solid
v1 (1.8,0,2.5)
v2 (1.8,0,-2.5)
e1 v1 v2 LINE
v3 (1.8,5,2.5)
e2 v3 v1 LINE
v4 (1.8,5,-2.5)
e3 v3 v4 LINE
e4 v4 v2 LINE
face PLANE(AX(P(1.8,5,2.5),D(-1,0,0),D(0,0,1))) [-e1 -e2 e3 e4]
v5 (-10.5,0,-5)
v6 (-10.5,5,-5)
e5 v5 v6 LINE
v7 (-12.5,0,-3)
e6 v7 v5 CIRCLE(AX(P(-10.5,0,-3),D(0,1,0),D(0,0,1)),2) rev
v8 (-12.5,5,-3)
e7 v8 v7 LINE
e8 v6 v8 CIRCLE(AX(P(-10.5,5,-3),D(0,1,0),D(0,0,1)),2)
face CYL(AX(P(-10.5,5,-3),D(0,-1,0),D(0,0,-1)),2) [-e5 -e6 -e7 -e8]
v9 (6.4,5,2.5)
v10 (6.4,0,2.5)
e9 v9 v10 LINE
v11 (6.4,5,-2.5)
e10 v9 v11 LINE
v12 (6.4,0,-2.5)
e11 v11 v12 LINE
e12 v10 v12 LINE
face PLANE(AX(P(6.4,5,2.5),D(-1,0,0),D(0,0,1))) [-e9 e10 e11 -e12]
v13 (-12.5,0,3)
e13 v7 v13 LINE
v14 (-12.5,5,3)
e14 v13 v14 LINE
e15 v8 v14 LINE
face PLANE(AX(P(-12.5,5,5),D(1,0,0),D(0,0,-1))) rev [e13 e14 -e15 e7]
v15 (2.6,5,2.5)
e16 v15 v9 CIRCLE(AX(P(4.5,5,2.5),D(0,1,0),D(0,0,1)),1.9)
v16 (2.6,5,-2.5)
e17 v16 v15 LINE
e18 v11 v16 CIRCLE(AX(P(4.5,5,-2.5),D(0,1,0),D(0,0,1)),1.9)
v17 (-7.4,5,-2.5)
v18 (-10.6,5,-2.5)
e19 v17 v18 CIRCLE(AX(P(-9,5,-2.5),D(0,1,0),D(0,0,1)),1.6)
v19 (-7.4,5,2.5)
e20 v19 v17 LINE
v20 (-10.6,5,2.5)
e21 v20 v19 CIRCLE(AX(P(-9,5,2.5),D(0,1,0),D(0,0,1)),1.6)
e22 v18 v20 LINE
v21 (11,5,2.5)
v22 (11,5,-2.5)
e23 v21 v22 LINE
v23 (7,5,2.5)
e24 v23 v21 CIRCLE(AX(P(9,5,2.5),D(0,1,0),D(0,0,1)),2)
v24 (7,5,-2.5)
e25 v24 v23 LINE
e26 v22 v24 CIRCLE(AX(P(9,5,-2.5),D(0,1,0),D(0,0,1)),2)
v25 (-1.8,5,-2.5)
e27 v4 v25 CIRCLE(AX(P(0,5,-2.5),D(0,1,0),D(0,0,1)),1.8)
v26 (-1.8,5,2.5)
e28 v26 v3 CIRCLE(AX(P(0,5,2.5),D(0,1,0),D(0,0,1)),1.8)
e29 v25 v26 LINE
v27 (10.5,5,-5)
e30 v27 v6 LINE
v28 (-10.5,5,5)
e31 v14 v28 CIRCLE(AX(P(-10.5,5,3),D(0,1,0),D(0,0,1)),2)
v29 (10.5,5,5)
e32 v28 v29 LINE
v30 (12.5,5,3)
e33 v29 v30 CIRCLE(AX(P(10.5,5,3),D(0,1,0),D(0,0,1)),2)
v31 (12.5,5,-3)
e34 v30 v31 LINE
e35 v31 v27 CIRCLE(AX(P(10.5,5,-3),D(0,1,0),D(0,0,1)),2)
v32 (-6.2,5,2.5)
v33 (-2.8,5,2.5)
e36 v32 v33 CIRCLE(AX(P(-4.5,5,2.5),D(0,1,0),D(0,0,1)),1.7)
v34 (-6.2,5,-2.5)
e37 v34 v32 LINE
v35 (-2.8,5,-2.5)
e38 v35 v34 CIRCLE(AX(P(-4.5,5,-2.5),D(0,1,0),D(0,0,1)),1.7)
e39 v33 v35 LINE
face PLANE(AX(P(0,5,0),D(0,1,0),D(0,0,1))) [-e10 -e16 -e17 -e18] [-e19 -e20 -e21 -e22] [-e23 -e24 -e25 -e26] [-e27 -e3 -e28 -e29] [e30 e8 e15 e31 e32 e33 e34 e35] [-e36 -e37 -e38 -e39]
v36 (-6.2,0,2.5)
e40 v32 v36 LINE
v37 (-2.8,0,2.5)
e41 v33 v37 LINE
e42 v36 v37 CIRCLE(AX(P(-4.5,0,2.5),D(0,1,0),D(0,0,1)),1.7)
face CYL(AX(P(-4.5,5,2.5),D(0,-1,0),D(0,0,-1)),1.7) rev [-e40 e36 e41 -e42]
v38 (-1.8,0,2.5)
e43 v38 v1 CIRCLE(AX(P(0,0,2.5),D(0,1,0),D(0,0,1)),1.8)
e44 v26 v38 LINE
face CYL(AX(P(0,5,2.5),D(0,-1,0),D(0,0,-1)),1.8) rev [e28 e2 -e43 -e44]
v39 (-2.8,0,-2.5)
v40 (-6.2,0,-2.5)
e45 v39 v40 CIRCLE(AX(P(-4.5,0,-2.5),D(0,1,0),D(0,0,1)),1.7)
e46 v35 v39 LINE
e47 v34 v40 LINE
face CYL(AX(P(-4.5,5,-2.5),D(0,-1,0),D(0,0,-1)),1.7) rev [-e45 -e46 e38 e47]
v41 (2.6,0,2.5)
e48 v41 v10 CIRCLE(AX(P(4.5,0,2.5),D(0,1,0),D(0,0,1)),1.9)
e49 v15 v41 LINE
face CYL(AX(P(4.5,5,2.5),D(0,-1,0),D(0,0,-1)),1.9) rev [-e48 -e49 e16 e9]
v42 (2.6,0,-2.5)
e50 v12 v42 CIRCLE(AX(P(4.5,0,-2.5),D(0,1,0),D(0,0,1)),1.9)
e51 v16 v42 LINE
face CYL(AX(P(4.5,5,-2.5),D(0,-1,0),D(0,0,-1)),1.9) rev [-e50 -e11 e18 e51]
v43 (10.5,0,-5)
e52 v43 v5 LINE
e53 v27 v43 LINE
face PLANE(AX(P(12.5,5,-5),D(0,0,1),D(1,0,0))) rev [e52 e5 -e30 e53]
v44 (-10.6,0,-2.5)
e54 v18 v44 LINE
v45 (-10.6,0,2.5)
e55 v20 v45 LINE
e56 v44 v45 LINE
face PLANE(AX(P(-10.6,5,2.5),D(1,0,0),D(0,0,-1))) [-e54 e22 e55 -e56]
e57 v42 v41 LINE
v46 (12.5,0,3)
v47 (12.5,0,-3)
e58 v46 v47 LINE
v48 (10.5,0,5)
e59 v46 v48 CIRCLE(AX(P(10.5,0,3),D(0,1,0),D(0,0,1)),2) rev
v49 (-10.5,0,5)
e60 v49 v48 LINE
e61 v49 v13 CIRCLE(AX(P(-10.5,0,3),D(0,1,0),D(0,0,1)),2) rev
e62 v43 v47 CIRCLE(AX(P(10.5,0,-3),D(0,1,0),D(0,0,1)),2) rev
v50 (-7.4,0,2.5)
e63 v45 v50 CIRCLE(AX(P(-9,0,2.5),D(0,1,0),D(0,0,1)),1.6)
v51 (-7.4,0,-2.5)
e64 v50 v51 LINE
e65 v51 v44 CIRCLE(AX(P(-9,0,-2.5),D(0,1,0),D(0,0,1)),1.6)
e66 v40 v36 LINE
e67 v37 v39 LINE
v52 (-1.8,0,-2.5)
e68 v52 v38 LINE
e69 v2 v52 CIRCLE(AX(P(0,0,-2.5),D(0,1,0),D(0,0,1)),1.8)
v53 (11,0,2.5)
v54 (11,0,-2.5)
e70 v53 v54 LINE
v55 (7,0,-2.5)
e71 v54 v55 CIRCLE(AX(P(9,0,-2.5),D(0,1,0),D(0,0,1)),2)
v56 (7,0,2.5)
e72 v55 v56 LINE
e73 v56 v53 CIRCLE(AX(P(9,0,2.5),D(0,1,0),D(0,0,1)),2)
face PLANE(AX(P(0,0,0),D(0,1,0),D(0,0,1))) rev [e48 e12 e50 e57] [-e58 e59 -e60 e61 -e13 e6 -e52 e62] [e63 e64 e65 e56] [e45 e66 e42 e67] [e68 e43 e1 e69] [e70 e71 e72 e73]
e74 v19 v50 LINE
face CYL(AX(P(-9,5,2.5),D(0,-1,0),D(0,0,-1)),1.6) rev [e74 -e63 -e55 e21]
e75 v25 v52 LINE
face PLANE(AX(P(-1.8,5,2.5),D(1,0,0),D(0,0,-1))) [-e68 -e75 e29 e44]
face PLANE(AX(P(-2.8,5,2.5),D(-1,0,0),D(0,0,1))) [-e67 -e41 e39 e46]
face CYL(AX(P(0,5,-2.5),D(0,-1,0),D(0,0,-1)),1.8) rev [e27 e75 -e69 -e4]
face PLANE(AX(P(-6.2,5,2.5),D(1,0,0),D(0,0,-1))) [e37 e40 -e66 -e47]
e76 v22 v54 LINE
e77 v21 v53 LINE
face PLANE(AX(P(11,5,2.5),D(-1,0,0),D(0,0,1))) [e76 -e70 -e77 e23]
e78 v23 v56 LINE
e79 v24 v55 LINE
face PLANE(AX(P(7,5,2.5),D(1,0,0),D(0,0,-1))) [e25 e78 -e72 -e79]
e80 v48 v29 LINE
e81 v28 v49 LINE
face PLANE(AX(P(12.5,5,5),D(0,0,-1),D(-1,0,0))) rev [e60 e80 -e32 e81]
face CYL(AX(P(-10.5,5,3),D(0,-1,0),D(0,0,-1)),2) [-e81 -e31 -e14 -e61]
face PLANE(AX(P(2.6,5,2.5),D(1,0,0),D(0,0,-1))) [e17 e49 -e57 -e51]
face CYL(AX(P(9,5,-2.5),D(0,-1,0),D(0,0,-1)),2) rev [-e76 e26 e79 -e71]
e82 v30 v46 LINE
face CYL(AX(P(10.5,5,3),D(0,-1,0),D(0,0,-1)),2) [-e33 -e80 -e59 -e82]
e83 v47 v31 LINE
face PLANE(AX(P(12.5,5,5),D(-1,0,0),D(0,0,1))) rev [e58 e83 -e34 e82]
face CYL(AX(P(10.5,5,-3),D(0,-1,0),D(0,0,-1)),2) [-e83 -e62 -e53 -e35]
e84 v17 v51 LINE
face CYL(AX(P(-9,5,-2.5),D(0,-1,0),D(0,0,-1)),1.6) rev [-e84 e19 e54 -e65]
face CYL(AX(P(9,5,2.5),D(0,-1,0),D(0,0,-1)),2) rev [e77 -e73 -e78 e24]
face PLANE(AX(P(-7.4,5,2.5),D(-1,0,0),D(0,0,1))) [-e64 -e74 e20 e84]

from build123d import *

# Parameters (mm, degrees)
SKETCH1_W           = 25
SKETCH1_H           = 10
BOSS_EXTRUDE1_DEPTH = 5
FILLET1_R           = 2


with BuildPart() as part:
    # Sketch1 → Boss-Extrude1 (new body)
    with BuildSketch(Plane(origin=(0, 0, 0), x_dir=(1, 0, 0), z_dir=(0, 1, 0))):
        Rectangle(SKETCH1_W, SKETCH1_H)
        with BuildLine():
            Line((-1.8, -2.5), (-1.8, 2.5))
            ThreePointArc((-1.8, 2.5), (0, 4.3), (1.8, 2.5))
            Line((1.8, 2.5), (1.8, -2.5))
            ThreePointArc((1.8, -2.5), (0, -4.3), (-1.8, -2.5))
        make_face(mode=Mode.SUBTRACT)
        with BuildLine():
            Line((-6.2, -2.5), (-6.2, 2.5))
            ThreePointArc((-6.2, 2.5), (-4.5, 4.2), (-2.8, 2.5))
            Line((-2.8, 2.5), (-2.8, -2.5))
            ThreePointArc((-2.8, -2.5), (-4.5, -4.2), (-6.2, -2.5))
        make_face(mode=Mode.SUBTRACT)
        with BuildLine():
            Line((-10.6, -2.5), (-10.6, 2.5))
            ThreePointArc((-10.6, 2.5), (-9, 4.1), (-7.4, 2.5))
            Line((-7.4, 2.5), (-7.4, -2.5))
            ThreePointArc((-7.4, -2.5), (-9, -4.1), (-10.6, -2.5))
        make_face(mode=Mode.SUBTRACT)
        with BuildLine():
            Line((2.6, -2.5), (2.6, 2.5))
            ThreePointArc((2.6, 2.5), (4.5, 4.4), (6.4, 2.5))
            Line((6.4, 2.5), (6.4, -2.5))
            ThreePointArc((6.4, -2.5), (4.5, -4.4), (2.6, -2.5))
        make_face(mode=Mode.SUBTRACT)
        with BuildLine():
            Line((7, -2.5), (7, 2.5))
            ThreePointArc((7, 2.5), (9, 4.5), (11, 2.5))
            Line((11, 2.5), (11, -2.5))
            ThreePointArc((11, -2.5), (9, -4.5), (7, -2.5))
        make_face(mode=Mode.SUBTRACT)
    extrude(amount=BOSS_EXTRUDE1_DEPTH)

    # Fillet1
    fillet1_edges = [part.edges().sort_by_distance(p)[0] for p in [
        (-12.5, 2.5, -5),
        (12.5, 2.5, -5),
        (12.5, 2.5, 5),
        (-12.5, 2.5, 5),
    ]]
    fillet(fillet1_edges, radius=FILLET1_R)


solid = part.part
